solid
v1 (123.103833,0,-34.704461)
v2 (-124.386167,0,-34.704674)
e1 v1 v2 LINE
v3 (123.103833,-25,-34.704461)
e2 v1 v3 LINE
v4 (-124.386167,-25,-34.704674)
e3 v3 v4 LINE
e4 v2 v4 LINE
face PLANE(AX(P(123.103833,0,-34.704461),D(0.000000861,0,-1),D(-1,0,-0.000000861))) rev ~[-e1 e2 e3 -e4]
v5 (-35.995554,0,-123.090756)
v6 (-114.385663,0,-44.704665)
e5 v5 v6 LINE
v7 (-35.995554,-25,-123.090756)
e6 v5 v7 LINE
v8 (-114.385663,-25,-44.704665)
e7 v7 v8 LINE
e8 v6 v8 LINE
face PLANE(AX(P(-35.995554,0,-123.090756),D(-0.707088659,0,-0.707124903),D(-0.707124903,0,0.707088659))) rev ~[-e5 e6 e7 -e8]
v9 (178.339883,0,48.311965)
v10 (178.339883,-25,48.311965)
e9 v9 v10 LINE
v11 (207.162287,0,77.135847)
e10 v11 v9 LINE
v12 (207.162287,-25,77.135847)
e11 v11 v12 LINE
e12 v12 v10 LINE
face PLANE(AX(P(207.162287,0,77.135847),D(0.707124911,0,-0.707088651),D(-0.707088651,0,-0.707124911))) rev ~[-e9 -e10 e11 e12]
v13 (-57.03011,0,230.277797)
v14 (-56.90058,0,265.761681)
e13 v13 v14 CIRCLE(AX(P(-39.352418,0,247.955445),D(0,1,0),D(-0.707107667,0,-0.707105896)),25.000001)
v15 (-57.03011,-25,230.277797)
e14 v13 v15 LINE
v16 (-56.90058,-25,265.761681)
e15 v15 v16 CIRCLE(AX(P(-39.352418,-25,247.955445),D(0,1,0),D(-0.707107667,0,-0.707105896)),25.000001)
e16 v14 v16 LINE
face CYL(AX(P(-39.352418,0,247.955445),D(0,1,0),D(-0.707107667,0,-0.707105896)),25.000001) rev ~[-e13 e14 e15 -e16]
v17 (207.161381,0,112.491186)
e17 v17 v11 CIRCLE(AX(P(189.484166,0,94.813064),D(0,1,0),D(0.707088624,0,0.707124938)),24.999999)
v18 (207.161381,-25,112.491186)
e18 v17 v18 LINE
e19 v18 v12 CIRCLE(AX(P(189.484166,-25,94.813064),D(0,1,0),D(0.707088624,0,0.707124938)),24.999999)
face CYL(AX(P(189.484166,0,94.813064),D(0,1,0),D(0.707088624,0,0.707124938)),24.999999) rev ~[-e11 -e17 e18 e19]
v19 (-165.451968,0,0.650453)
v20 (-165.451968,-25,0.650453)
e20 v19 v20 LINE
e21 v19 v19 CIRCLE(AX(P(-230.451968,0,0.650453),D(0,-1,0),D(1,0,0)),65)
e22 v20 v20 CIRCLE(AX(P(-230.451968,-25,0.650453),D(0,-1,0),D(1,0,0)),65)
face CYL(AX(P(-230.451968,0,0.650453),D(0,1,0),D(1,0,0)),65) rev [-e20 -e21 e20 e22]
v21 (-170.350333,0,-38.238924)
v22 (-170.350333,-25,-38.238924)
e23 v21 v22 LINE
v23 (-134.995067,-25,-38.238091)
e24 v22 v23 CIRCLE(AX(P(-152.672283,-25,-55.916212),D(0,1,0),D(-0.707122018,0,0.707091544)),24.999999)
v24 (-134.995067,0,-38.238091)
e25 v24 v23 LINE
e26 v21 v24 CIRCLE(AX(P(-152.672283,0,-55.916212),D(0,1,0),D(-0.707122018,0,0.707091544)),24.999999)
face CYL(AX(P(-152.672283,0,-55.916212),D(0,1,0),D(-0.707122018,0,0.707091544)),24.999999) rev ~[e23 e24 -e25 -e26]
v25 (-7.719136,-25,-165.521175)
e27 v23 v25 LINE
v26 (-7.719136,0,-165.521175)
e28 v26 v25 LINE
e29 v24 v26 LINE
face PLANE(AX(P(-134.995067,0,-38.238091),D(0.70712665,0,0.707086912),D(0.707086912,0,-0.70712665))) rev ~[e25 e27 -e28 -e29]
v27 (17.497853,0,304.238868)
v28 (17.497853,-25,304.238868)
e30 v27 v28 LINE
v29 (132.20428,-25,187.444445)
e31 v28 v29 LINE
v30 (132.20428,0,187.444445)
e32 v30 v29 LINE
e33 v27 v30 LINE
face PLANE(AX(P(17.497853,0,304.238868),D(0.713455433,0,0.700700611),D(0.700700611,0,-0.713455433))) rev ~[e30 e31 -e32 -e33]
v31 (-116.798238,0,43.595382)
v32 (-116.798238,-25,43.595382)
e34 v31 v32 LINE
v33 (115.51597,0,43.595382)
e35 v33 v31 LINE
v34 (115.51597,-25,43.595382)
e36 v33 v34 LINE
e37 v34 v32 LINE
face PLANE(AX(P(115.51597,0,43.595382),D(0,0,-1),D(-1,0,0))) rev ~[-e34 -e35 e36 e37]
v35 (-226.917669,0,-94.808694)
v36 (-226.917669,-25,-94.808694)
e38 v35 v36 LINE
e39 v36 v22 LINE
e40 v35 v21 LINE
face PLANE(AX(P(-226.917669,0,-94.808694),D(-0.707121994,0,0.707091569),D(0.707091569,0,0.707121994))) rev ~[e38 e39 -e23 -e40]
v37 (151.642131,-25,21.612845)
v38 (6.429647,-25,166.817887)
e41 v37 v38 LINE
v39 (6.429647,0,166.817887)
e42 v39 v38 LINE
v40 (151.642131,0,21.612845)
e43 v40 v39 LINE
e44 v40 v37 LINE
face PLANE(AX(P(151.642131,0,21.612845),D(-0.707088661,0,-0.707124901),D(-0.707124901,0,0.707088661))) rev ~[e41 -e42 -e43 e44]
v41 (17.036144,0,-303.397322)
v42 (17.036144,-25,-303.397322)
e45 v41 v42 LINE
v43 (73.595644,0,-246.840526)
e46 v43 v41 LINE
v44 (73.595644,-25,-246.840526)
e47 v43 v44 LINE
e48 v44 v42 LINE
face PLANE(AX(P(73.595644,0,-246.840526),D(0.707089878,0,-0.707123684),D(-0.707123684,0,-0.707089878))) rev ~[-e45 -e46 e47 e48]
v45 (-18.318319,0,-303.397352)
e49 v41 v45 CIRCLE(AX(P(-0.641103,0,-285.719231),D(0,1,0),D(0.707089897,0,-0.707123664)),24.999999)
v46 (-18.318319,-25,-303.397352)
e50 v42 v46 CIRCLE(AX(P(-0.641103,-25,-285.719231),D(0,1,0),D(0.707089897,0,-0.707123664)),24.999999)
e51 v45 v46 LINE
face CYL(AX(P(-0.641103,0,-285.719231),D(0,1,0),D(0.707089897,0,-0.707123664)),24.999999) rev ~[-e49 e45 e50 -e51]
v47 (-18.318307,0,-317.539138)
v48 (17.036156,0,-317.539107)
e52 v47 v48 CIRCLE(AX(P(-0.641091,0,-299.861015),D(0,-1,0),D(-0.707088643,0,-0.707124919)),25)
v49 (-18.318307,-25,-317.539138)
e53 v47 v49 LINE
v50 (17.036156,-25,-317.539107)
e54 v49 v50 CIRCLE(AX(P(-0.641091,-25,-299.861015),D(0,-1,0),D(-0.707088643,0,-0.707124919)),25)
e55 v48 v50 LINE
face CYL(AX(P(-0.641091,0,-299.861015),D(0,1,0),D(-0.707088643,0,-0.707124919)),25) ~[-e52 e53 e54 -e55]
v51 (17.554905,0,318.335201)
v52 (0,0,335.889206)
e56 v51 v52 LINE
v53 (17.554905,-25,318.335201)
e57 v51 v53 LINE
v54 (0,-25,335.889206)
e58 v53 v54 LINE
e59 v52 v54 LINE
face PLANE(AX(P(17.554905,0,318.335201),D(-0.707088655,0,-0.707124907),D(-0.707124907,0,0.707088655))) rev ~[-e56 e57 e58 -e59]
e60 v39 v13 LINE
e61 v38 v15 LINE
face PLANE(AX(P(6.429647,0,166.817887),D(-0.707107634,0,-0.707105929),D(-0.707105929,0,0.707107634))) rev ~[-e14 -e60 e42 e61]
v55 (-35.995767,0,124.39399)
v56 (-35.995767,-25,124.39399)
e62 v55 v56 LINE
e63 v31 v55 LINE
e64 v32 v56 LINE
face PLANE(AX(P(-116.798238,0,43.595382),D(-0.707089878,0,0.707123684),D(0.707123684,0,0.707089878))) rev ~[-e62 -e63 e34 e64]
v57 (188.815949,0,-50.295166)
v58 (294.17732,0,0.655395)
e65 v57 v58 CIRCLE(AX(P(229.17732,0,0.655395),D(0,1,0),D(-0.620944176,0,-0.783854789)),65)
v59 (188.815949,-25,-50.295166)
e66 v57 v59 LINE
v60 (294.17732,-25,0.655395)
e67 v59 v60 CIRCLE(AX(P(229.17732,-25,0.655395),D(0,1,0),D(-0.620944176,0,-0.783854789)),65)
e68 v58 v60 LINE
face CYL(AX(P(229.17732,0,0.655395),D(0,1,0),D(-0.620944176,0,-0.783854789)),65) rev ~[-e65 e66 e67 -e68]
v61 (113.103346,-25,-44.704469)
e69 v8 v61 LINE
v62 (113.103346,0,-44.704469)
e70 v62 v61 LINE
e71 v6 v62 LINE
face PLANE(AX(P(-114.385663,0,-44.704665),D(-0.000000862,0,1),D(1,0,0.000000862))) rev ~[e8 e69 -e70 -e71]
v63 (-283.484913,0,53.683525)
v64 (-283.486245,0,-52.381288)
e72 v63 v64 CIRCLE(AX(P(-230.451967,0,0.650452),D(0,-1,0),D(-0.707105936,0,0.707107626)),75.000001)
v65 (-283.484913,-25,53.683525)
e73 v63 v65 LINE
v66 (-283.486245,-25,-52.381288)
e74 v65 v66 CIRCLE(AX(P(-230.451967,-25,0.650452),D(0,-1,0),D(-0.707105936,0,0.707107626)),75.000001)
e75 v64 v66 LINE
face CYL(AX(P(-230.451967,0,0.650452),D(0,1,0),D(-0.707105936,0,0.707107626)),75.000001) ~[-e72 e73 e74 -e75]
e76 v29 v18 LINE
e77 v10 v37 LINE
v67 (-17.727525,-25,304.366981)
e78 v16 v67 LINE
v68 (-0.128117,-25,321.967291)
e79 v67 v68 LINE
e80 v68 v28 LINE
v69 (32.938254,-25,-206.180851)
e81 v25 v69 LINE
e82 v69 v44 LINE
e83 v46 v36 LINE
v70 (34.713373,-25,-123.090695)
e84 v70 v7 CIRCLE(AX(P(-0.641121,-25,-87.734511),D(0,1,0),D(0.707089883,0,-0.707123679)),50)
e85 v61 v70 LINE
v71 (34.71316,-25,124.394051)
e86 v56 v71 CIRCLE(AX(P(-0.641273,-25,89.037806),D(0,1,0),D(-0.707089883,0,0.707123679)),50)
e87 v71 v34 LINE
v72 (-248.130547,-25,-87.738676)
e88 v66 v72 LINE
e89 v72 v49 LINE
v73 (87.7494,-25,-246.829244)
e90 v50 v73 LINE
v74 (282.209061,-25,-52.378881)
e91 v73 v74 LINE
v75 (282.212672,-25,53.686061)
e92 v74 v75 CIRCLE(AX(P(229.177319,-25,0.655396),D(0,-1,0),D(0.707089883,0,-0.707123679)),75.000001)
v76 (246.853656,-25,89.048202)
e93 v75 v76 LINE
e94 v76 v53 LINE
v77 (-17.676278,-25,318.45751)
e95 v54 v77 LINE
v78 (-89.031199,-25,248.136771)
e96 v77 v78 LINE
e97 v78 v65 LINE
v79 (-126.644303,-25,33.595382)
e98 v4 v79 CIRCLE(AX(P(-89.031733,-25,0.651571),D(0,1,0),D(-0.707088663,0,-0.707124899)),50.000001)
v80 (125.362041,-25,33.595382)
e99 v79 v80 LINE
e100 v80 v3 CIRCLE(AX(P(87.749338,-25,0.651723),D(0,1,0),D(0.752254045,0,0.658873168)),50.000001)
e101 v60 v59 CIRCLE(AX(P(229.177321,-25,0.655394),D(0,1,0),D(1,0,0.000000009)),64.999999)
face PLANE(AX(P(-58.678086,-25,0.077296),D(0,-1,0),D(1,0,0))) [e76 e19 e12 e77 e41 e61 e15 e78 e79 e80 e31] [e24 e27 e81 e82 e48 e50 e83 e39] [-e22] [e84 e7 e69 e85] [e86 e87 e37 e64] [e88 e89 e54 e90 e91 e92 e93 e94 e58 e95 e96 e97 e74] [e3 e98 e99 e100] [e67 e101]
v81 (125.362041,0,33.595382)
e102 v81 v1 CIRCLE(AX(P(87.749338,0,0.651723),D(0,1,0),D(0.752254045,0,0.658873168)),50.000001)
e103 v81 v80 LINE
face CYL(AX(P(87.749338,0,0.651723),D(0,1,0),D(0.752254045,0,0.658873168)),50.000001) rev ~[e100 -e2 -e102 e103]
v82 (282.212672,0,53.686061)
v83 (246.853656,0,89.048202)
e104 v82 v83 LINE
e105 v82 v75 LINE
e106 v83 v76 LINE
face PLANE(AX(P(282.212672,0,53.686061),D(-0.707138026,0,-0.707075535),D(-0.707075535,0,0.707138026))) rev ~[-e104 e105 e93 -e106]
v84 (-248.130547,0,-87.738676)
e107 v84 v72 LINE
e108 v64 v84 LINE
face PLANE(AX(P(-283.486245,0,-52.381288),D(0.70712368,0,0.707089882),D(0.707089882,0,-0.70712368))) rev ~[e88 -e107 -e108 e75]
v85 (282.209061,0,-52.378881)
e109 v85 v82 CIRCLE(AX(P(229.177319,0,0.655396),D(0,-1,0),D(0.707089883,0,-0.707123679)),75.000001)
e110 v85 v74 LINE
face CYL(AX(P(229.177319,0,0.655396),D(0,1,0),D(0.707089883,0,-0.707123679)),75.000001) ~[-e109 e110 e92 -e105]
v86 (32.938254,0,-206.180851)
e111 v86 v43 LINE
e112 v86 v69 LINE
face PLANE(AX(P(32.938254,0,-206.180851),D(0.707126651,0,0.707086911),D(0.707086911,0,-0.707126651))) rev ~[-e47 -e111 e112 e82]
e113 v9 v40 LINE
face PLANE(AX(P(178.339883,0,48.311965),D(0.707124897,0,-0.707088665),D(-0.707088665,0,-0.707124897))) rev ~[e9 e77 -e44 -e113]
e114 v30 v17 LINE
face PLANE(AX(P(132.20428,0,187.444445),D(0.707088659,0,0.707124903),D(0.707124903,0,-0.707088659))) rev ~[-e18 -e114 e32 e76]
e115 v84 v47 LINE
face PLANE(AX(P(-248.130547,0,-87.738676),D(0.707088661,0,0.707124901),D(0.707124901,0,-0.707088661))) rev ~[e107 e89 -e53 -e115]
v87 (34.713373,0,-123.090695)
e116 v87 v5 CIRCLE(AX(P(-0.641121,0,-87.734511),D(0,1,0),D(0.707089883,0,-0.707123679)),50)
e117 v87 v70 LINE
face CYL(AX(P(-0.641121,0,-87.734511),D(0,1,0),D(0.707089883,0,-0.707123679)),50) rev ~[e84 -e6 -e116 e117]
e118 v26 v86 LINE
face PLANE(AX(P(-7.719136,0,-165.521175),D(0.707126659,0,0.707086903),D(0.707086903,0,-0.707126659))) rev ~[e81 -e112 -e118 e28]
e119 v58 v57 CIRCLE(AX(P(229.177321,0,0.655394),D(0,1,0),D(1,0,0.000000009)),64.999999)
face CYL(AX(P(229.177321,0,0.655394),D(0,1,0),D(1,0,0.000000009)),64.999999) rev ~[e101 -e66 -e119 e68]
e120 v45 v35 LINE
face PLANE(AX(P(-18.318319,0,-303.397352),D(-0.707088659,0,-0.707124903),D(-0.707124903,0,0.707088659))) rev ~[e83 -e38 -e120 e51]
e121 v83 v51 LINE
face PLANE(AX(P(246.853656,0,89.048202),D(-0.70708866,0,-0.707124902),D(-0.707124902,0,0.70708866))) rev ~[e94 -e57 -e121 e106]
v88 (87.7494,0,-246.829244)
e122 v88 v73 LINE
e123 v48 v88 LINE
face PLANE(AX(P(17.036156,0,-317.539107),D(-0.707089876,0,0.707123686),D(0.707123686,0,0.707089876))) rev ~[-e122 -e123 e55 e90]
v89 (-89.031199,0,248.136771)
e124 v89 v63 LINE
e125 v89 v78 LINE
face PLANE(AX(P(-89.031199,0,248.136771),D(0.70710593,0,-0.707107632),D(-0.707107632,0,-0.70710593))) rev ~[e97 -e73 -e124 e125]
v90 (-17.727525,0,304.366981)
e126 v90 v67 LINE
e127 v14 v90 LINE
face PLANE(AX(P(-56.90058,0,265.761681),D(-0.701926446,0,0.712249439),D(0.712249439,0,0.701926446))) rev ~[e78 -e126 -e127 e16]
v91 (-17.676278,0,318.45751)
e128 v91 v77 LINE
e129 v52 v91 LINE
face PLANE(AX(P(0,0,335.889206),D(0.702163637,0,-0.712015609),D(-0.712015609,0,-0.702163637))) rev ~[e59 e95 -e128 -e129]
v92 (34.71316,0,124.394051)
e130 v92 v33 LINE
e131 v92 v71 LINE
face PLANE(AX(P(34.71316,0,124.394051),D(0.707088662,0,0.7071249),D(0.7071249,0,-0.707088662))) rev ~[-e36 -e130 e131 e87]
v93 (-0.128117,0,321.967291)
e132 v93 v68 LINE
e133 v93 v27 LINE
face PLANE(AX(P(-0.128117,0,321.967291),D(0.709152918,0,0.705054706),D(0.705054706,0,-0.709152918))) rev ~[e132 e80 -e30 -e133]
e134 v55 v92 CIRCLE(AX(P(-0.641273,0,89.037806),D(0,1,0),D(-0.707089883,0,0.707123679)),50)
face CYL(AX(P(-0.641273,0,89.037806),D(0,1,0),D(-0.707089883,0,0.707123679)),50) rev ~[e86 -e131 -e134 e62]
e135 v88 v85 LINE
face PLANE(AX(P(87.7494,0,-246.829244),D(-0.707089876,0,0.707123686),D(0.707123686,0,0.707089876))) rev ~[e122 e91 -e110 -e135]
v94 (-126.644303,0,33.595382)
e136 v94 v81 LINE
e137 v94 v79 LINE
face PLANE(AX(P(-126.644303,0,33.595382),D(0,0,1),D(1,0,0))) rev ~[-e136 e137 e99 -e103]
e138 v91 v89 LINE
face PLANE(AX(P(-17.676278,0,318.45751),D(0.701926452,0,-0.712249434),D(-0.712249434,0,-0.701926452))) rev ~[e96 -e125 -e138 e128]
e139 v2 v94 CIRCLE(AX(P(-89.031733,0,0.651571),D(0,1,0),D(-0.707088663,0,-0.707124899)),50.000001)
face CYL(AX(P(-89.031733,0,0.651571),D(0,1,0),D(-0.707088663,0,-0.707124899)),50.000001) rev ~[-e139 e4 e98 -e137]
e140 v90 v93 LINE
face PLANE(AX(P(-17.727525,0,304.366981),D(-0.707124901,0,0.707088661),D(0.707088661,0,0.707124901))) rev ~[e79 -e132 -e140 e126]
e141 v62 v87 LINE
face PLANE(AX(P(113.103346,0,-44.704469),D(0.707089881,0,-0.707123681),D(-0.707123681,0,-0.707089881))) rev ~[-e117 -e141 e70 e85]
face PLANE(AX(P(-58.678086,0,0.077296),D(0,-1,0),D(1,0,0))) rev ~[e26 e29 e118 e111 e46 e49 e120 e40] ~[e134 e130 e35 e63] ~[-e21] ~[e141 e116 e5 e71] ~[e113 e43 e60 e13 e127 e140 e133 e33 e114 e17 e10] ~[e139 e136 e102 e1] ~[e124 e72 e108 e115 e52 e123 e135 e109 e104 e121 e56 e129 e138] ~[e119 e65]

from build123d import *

# Parameters (mm, degrees)
F0_R     = 14.15
F0_R_2   = 65
F1_DEPTH = 25


with BuildPart() as f1:
    # F0 (on Front) → F1 (new body)
    with BuildSketch(Plane.XZ):
        with BuildLine():
            ThreePointArc((-45.16, -0.554618), (-49.304439, 9.450943), (-59.31, 13.595382))
            ThreePointArc((-59.31, 13.595382), (-69.31556, -10.560179), (-45.16, -0.554618))
        make_face()
        with BuildLine():
            ThreePointArc((123.103833, -34.704461), (137.722032, -1.000531), (125.362041, 33.595382))
            Line((125.362041, 33.595382), (-59.31, 33.595382))
            Line((-59.31, 33.595382), (-126.644303, 33.595382))
            ThreePointArc((-126.644303, 33.595382), (-139.004429, -1.000625), (-124.386167, -34.704674))
            Line((-124.386167, -34.704674), (123.103833, -34.704461))
        make_face()
        with BuildLine():
            ThreePointArc((-45.16, -0.554618), (-69.31556, -10.560179), (-59.31, 13.595382))
            ThreePointArc((-59.31, 13.595382), (-49.304439, 9.450943), (-45.16, -0.554618))
        make_face(mode=Mode.SUBTRACT)
        with Locations((-19.77, -0.554584)):
            Circle(F0_R, mode=Mode.SUBTRACT)
        with Locations((19.77, -0.55455)):
            Circle(F0_R, mode=Mode.SUBTRACT)
        with Locations((59.31, -0.554516)):
            Circle(F0_R, mode=Mode.SUBTRACT)
        with BuildLine():
            Line((282.212672, 53.686061), (246.853656, 89.048202))
            Line((246.853656, 89.048202), (17.554905, 318.335201))
            Line((17.554905, 318.335201), (0, 335.889206))
            Line((0, 335.889206), (-17.676278, 318.45751))
            Line((-17.676278, 318.45751), (-89.031199, 248.136771))
            Line((-89.031199, 248.136771), (-283.484913, 53.683525))
            ThreePointArc((-283.484913, 53.683525), (-305.451968, 0.651394), (-283.486245, -52.381288))
            Line((-283.486245, -52.381288), (-248.130547, -87.738676))
            Line((-248.130547, -87.738676), (-18.318307, -317.539138))
            ThreePointArc((-18.318307, -317.539138), (-0.641069, -324.861015), (17.036156, -317.539107))
            Line((17.036156, -317.539107), (87.7494, -246.829244))
            Line((87.7494, -246.829244), (282.209061, -52.378881))
            ThreePointArc((282.209061, -52.378881), (304.17732, 0.652842), (282.212672, 53.686061))
        make_face()
        with BuildLine():
            Line((-134.995067, -38.238091), (-7.719136, -165.521175))
            Line((-7.719136, -165.521175), (32.938254, -206.180851))
            Line((32.938254, -206.180851), (73.595644, -246.840526))
            Line((73.595644, -246.840526), (17.036144, -303.397322))
            ThreePointArc((17.036144, -303.397322), (-0.641081, -310.71923), (-18.318319, -303.397352))
            Line((-18.318319, -303.397352), (-226.917669, -94.808694))
            Line((-226.917669, -94.808694), (-170.350333, -38.238924))
            ThreePointArc((-170.350333, -38.238924), (-152.672872, -30.916213), (-134.995067, -38.238091))
        make_face(mode=Mode.SUBTRACT)
        with Locations((-230.451968, 0.650453)):
            Circle(F0_R_2, mode=Mode.SUBTRACT)
        with BuildLine():
            Line((-59.31, 33.595382), (125.362041, 33.595382))
            ThreePointArc((125.362041, 33.595382), (137.722032, -1.000531), (123.103833, -34.704461))
            Line((123.103833, -34.704461), (113.103346, -44.704469))
            Line((113.103346, -44.704469), (34.713373, -123.090695))
            ThreePointArc((34.713373, -123.090695), (-0.641078, -137.734511), (-35.995554, -123.090756))
            Line((-35.995554, -123.090756), (-114.385663, -44.704665))
            Line((-114.385663, -44.704665), (-124.386167, -34.704674))
            ThreePointArc((-124.386167, -34.704674), (-139.004429, -1.000625), (-126.644303, 33.595382))
            Line((-126.644303, 33.595382), (-59.31, 33.595382))
        make_face(mode=Mode.SUBTRACT)
        with BuildLine():
            ThreePointArc((294.17732, 0.655395), (257.474943, -57.86165), (188.815949, -50.295166))
            ThreePointArc((188.815949, -50.295166), (200.879698, 59.17244), (294.17732, 0.655395))
        make_face(mode=Mode.SUBTRACT)
        with BuildLine():
            Line((34.71316, 124.394051), (115.51597, 43.595382))
            Line((115.51597, 43.595382), (-116.798238, 43.595382))
            Line((-116.798238, 43.595382), (-35.995767, 124.39399))
            ThreePointArc((-35.995767, 124.39399), (-0.641316, 139.037806), (34.71316, 124.394051))
        make_face(mode=Mode.SUBTRACT)
        with BuildLine():
            Line((-56.90058, 265.761681), (-17.727525, 304.366981))
            Line((-17.727525, 304.366981), (-0.128117, 321.967291))
            Line((-0.128117, 321.967291), (17.497853, 304.238868))
            Line((17.497853, 304.238868), (132.20428, 187.444445))
            Line((132.20428, 187.444445), (207.161381, 112.491186))
            ThreePointArc((207.161381, 112.491186), (214.484165, 94.813704), (207.162287, 77.135847))
            Line((207.162287, 77.135847), (178.339883, 48.311965))
            Line((178.339883, 48.311965), (151.642131, 21.612845))
            Line((151.642131, 21.612845), (6.429647, 166.817887))
            Line((6.429647, 166.817887), (-57.03011, 230.277797))
            ThreePointArc((-57.03011, 230.277797), (-64.352252, 248.046704), (-56.90058, 265.761681))
        make_face(mode=Mode.SUBTRACT)
        Polygon((113.103346, -44.704469), (123.103833, -34.704461), (-124.386167, -34.704674), (-114.385663, -44.704665), align=None)
    extrude(amount=F1_DEPTH)


solid = f1.part
